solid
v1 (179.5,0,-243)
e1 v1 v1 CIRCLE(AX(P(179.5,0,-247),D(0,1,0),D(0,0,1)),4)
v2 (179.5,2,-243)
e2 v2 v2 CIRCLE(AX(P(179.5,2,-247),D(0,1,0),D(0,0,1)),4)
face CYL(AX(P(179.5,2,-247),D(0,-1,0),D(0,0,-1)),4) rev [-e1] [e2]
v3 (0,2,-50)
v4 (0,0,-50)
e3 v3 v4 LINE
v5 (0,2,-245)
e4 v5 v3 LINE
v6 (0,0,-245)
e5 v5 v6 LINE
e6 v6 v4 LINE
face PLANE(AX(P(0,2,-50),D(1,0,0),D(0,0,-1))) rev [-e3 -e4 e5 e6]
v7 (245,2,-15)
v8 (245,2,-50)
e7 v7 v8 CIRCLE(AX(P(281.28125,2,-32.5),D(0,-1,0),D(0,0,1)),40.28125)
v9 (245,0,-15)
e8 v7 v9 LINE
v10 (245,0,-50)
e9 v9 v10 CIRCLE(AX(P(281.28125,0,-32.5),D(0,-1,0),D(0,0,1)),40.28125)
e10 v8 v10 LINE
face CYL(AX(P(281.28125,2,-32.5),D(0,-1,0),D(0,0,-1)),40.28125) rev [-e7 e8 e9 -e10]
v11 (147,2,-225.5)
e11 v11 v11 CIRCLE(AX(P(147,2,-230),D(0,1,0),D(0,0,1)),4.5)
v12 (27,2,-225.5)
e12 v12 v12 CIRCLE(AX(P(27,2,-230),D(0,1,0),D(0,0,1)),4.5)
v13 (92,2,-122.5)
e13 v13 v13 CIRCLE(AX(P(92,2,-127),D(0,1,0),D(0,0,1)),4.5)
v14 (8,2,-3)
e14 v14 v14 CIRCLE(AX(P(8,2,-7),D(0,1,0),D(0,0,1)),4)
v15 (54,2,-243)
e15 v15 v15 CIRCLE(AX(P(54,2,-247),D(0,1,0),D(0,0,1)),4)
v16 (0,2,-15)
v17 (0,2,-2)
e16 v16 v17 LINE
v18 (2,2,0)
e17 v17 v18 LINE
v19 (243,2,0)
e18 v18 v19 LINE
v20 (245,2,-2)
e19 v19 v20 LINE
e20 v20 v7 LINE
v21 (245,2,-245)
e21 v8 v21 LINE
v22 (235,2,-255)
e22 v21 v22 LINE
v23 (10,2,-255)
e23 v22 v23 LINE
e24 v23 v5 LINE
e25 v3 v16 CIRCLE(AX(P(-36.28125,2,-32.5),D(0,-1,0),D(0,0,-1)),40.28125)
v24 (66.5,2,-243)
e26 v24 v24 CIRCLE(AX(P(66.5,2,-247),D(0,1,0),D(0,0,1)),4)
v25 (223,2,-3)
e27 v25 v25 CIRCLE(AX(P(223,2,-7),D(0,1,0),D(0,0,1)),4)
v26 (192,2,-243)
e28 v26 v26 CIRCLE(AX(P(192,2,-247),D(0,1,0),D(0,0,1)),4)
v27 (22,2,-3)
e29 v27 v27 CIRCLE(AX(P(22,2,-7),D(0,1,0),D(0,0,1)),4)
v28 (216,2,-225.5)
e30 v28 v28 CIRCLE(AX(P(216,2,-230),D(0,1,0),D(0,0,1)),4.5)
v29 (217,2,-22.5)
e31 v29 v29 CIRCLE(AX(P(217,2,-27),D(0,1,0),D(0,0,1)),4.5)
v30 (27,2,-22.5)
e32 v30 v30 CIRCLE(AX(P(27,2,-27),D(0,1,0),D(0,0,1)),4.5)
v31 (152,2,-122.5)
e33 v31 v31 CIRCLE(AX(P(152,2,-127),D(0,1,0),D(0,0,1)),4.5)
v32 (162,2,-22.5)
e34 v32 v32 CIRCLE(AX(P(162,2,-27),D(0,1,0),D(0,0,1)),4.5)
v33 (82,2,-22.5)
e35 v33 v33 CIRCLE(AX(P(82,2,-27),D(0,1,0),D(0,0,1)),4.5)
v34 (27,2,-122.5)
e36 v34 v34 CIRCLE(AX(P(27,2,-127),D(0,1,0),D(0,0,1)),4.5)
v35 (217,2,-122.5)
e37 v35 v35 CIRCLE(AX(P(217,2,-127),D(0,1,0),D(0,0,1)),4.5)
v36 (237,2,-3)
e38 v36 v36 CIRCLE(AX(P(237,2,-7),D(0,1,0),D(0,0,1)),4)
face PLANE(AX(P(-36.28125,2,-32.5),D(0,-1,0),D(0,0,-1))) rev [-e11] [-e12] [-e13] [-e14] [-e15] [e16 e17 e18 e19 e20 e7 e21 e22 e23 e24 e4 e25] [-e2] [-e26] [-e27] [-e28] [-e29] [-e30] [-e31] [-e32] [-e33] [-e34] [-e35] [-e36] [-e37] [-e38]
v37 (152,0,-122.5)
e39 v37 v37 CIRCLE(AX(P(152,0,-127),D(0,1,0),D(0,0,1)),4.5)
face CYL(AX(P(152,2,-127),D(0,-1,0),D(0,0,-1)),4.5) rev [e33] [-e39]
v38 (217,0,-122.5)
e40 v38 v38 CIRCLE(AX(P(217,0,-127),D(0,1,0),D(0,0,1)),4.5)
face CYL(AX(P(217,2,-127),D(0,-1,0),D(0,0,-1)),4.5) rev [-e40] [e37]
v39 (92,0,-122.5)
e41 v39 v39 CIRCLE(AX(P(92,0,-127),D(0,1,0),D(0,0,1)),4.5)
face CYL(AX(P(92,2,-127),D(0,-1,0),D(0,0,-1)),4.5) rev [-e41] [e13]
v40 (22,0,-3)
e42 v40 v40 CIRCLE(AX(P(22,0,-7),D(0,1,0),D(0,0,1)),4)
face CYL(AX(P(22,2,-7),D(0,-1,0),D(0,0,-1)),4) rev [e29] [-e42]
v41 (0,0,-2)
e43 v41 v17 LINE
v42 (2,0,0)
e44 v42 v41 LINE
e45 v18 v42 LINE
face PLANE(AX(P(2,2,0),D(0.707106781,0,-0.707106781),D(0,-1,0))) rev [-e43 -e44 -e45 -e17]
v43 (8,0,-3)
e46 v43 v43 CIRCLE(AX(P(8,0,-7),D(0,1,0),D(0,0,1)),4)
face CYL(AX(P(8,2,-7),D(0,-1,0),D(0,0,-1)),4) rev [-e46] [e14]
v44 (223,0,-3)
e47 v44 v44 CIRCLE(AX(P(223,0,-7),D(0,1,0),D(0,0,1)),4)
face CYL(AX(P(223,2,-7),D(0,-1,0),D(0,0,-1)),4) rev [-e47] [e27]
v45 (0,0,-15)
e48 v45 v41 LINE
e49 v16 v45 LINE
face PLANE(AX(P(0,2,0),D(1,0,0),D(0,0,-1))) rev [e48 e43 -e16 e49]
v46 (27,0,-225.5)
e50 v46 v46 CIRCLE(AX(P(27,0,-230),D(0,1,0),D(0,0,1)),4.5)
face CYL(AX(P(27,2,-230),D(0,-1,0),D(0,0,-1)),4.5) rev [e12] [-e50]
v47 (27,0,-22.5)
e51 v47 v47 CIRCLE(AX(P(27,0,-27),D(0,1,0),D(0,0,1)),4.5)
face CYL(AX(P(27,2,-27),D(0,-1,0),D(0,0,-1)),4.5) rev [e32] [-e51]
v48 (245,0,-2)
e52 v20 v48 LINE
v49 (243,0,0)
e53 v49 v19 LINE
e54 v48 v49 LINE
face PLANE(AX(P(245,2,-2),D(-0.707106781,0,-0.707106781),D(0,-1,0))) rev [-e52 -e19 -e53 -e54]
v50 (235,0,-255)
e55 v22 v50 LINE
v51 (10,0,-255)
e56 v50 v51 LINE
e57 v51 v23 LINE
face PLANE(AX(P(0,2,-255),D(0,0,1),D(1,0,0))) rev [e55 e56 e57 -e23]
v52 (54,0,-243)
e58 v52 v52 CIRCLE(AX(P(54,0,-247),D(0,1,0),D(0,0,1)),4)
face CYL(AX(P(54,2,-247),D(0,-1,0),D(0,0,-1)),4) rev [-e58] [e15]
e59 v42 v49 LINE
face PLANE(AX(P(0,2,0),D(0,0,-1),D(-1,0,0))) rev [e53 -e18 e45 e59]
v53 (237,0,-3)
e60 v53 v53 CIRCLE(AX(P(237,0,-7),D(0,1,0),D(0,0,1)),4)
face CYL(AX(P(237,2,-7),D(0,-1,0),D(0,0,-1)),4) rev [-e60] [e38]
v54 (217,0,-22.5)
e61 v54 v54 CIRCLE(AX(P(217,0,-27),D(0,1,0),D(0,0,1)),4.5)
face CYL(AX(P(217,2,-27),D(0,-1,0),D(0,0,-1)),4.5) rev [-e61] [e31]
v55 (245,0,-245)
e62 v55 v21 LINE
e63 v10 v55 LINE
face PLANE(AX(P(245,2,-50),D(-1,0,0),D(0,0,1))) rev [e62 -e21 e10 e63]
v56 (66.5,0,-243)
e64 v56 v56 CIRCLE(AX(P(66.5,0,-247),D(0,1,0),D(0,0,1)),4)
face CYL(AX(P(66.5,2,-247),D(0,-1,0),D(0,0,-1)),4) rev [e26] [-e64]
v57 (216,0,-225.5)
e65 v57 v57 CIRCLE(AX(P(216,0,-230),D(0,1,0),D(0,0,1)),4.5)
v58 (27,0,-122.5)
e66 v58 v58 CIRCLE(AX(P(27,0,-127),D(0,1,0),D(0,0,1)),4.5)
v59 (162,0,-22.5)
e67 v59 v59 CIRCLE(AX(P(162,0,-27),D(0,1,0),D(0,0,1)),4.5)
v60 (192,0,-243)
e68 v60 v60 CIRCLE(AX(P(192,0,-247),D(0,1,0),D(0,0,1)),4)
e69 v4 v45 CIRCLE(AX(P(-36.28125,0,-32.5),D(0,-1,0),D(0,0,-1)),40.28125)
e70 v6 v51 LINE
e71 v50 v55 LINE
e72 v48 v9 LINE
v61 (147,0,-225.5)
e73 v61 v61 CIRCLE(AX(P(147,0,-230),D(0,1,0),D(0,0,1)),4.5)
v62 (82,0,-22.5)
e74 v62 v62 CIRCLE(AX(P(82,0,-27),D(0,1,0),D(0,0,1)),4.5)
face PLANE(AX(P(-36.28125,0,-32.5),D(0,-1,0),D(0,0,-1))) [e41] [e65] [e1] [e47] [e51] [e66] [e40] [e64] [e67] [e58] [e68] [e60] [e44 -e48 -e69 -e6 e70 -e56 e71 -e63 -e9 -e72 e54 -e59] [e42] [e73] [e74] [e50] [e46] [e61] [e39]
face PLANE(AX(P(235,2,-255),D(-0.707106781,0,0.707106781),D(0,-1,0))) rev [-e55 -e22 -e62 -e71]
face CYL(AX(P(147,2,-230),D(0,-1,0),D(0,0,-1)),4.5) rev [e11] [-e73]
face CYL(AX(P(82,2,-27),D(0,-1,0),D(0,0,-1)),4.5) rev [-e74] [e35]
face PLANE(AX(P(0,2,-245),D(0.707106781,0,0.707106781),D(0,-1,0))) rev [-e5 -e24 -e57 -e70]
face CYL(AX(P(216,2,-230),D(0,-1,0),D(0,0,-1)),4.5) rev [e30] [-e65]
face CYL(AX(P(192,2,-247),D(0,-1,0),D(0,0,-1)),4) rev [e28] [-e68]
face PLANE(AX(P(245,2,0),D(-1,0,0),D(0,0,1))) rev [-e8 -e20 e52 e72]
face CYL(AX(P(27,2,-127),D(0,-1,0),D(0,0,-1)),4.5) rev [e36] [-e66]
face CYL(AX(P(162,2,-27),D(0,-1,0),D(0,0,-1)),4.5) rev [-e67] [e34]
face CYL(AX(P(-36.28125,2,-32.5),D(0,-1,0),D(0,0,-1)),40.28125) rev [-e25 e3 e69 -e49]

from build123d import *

# Parameters (mm, degrees)
SKETCH1_R           = 4
SKETCH1_R_2         = 4.5
BOSS_EXTRUDE1_DEPTH = 2
CHAMFER1_SIZE       = 2
CHAMFER2_SIZE       = 10


with BuildPart() as part:
    # Sketch1 → Boss-Extrude1 (new body)
    with BuildSketch(Plane(origin=(0, 0, 0), x_dir=(1, 0, 0), z_dir=(0, 1, 0))):
        with BuildLine():
            Line((0, 0), (245, 0))
            Line((245, 0), (245, 15))
            ThreePointArc((245, 15), (241, 32.5), (245, 50))
            Line((245, 50), (245, 255))
            Line((245, 255), (0, 255))
            Line((0, 255), (0, 50))
            ThreePointArc((0, 50), (4, 32.5), (0, 15))
            Line((0, 15), (0, 0))
        make_face()
        with Locations(Location((8, 7, 0), (0, 0, 270))):
            Circle(SKETCH1_R, mode=Mode.SUBTRACT)
        with Locations(Location((22, 7, 0), (0, 0, 270))):
            Circle(SKETCH1_R, mode=Mode.SUBTRACT)
        with Locations(Location((237, 7, 0), (0, 0, 270))):
            Circle(SKETCH1_R, mode=Mode.SUBTRACT)
        with Locations(Location((223, 7, 0), (0, 0, 270))):
            Circle(SKETCH1_R, mode=Mode.SUBTRACT)
        with Locations(Location((27, 27, 0), (0, 0, 270))):
            Circle(SKETCH1_R_2, mode=Mode.SUBTRACT)
        with Locations(Location((82, 27, 0), (0, 0, 270))):
            Circle(SKETCH1_R_2, mode=Mode.SUBTRACT)
        with Locations(Location((162, 27, 0), (0, 0, 270))):
            Circle(SKETCH1_R_2, mode=Mode.SUBTRACT)
        with Locations(Location((217, 27, 0), (0, 0, 270))):
            Circle(SKETCH1_R_2, mode=Mode.SUBTRACT)
        with Locations(Location((27, 127, 0), (0, 0, 270))):
            Circle(SKETCH1_R_2, mode=Mode.SUBTRACT)
        with Locations(Location((92, 127, 0), (0, 0, 270))):
            Circle(SKETCH1_R_2, mode=Mode.SUBTRACT)
        with Locations(Location((152, 127, 0), (0, 0, 270))):
            Circle(SKETCH1_R_2, mode=Mode.SUBTRACT)
        with Locations(Location((217, 127, 0), (0, 0, 270))):
            Circle(SKETCH1_R_2, mode=Mode.SUBTRACT)
        with Locations(Location((27, 230, 0), (0, 0, 270))):
            Circle(SKETCH1_R_2, mode=Mode.SUBTRACT)
        with Locations(Location((147, 230, 0), (0, 0, 270))):
            Circle(SKETCH1_R_2, mode=Mode.SUBTRACT)
        with Locations(Location((216, 230, 0), (0, 0, 270))):
            Circle(SKETCH1_R_2, mode=Mode.SUBTRACT)
        with Locations(Location((54, 247, 0), (0, 0, 270))):
            Circle(SKETCH1_R, mode=Mode.SUBTRACT)
        with Locations(Location((66.5, 247, 0), (0, 0, 270))):
            Circle(SKETCH1_R, mode=Mode.SUBTRACT)
        with Locations(Location((179.5, 247, 0), (0, 0, 270))):
            Circle(SKETCH1_R, mode=Mode.SUBTRACT)
        with Locations(Location((192, 247, 0), (0, 0, 270))):
            Circle(SKETCH1_R, mode=Mode.SUBTRACT)
    extrude(amount=BOSS_EXTRUDE1_DEPTH)

    # Chamfer1
    chamfer1_edges = [part.edges().sort_by_distance(p)[0] for p in [
        (245, 1, 0),
        (0, 1, 0),
    ]]
    chamfer(chamfer1_edges, length=CHAMFER1_SIZE)

    # Chamfer2
    chamfer2_edges = [part.edges().sort_by_distance(p)[0] for p in [
        (0, 1, -255),
        (245, 1, -255),
    ]]
    chamfer(chamfer2_edges, length=CHAMFER2_SIZE)


solid = part.part
